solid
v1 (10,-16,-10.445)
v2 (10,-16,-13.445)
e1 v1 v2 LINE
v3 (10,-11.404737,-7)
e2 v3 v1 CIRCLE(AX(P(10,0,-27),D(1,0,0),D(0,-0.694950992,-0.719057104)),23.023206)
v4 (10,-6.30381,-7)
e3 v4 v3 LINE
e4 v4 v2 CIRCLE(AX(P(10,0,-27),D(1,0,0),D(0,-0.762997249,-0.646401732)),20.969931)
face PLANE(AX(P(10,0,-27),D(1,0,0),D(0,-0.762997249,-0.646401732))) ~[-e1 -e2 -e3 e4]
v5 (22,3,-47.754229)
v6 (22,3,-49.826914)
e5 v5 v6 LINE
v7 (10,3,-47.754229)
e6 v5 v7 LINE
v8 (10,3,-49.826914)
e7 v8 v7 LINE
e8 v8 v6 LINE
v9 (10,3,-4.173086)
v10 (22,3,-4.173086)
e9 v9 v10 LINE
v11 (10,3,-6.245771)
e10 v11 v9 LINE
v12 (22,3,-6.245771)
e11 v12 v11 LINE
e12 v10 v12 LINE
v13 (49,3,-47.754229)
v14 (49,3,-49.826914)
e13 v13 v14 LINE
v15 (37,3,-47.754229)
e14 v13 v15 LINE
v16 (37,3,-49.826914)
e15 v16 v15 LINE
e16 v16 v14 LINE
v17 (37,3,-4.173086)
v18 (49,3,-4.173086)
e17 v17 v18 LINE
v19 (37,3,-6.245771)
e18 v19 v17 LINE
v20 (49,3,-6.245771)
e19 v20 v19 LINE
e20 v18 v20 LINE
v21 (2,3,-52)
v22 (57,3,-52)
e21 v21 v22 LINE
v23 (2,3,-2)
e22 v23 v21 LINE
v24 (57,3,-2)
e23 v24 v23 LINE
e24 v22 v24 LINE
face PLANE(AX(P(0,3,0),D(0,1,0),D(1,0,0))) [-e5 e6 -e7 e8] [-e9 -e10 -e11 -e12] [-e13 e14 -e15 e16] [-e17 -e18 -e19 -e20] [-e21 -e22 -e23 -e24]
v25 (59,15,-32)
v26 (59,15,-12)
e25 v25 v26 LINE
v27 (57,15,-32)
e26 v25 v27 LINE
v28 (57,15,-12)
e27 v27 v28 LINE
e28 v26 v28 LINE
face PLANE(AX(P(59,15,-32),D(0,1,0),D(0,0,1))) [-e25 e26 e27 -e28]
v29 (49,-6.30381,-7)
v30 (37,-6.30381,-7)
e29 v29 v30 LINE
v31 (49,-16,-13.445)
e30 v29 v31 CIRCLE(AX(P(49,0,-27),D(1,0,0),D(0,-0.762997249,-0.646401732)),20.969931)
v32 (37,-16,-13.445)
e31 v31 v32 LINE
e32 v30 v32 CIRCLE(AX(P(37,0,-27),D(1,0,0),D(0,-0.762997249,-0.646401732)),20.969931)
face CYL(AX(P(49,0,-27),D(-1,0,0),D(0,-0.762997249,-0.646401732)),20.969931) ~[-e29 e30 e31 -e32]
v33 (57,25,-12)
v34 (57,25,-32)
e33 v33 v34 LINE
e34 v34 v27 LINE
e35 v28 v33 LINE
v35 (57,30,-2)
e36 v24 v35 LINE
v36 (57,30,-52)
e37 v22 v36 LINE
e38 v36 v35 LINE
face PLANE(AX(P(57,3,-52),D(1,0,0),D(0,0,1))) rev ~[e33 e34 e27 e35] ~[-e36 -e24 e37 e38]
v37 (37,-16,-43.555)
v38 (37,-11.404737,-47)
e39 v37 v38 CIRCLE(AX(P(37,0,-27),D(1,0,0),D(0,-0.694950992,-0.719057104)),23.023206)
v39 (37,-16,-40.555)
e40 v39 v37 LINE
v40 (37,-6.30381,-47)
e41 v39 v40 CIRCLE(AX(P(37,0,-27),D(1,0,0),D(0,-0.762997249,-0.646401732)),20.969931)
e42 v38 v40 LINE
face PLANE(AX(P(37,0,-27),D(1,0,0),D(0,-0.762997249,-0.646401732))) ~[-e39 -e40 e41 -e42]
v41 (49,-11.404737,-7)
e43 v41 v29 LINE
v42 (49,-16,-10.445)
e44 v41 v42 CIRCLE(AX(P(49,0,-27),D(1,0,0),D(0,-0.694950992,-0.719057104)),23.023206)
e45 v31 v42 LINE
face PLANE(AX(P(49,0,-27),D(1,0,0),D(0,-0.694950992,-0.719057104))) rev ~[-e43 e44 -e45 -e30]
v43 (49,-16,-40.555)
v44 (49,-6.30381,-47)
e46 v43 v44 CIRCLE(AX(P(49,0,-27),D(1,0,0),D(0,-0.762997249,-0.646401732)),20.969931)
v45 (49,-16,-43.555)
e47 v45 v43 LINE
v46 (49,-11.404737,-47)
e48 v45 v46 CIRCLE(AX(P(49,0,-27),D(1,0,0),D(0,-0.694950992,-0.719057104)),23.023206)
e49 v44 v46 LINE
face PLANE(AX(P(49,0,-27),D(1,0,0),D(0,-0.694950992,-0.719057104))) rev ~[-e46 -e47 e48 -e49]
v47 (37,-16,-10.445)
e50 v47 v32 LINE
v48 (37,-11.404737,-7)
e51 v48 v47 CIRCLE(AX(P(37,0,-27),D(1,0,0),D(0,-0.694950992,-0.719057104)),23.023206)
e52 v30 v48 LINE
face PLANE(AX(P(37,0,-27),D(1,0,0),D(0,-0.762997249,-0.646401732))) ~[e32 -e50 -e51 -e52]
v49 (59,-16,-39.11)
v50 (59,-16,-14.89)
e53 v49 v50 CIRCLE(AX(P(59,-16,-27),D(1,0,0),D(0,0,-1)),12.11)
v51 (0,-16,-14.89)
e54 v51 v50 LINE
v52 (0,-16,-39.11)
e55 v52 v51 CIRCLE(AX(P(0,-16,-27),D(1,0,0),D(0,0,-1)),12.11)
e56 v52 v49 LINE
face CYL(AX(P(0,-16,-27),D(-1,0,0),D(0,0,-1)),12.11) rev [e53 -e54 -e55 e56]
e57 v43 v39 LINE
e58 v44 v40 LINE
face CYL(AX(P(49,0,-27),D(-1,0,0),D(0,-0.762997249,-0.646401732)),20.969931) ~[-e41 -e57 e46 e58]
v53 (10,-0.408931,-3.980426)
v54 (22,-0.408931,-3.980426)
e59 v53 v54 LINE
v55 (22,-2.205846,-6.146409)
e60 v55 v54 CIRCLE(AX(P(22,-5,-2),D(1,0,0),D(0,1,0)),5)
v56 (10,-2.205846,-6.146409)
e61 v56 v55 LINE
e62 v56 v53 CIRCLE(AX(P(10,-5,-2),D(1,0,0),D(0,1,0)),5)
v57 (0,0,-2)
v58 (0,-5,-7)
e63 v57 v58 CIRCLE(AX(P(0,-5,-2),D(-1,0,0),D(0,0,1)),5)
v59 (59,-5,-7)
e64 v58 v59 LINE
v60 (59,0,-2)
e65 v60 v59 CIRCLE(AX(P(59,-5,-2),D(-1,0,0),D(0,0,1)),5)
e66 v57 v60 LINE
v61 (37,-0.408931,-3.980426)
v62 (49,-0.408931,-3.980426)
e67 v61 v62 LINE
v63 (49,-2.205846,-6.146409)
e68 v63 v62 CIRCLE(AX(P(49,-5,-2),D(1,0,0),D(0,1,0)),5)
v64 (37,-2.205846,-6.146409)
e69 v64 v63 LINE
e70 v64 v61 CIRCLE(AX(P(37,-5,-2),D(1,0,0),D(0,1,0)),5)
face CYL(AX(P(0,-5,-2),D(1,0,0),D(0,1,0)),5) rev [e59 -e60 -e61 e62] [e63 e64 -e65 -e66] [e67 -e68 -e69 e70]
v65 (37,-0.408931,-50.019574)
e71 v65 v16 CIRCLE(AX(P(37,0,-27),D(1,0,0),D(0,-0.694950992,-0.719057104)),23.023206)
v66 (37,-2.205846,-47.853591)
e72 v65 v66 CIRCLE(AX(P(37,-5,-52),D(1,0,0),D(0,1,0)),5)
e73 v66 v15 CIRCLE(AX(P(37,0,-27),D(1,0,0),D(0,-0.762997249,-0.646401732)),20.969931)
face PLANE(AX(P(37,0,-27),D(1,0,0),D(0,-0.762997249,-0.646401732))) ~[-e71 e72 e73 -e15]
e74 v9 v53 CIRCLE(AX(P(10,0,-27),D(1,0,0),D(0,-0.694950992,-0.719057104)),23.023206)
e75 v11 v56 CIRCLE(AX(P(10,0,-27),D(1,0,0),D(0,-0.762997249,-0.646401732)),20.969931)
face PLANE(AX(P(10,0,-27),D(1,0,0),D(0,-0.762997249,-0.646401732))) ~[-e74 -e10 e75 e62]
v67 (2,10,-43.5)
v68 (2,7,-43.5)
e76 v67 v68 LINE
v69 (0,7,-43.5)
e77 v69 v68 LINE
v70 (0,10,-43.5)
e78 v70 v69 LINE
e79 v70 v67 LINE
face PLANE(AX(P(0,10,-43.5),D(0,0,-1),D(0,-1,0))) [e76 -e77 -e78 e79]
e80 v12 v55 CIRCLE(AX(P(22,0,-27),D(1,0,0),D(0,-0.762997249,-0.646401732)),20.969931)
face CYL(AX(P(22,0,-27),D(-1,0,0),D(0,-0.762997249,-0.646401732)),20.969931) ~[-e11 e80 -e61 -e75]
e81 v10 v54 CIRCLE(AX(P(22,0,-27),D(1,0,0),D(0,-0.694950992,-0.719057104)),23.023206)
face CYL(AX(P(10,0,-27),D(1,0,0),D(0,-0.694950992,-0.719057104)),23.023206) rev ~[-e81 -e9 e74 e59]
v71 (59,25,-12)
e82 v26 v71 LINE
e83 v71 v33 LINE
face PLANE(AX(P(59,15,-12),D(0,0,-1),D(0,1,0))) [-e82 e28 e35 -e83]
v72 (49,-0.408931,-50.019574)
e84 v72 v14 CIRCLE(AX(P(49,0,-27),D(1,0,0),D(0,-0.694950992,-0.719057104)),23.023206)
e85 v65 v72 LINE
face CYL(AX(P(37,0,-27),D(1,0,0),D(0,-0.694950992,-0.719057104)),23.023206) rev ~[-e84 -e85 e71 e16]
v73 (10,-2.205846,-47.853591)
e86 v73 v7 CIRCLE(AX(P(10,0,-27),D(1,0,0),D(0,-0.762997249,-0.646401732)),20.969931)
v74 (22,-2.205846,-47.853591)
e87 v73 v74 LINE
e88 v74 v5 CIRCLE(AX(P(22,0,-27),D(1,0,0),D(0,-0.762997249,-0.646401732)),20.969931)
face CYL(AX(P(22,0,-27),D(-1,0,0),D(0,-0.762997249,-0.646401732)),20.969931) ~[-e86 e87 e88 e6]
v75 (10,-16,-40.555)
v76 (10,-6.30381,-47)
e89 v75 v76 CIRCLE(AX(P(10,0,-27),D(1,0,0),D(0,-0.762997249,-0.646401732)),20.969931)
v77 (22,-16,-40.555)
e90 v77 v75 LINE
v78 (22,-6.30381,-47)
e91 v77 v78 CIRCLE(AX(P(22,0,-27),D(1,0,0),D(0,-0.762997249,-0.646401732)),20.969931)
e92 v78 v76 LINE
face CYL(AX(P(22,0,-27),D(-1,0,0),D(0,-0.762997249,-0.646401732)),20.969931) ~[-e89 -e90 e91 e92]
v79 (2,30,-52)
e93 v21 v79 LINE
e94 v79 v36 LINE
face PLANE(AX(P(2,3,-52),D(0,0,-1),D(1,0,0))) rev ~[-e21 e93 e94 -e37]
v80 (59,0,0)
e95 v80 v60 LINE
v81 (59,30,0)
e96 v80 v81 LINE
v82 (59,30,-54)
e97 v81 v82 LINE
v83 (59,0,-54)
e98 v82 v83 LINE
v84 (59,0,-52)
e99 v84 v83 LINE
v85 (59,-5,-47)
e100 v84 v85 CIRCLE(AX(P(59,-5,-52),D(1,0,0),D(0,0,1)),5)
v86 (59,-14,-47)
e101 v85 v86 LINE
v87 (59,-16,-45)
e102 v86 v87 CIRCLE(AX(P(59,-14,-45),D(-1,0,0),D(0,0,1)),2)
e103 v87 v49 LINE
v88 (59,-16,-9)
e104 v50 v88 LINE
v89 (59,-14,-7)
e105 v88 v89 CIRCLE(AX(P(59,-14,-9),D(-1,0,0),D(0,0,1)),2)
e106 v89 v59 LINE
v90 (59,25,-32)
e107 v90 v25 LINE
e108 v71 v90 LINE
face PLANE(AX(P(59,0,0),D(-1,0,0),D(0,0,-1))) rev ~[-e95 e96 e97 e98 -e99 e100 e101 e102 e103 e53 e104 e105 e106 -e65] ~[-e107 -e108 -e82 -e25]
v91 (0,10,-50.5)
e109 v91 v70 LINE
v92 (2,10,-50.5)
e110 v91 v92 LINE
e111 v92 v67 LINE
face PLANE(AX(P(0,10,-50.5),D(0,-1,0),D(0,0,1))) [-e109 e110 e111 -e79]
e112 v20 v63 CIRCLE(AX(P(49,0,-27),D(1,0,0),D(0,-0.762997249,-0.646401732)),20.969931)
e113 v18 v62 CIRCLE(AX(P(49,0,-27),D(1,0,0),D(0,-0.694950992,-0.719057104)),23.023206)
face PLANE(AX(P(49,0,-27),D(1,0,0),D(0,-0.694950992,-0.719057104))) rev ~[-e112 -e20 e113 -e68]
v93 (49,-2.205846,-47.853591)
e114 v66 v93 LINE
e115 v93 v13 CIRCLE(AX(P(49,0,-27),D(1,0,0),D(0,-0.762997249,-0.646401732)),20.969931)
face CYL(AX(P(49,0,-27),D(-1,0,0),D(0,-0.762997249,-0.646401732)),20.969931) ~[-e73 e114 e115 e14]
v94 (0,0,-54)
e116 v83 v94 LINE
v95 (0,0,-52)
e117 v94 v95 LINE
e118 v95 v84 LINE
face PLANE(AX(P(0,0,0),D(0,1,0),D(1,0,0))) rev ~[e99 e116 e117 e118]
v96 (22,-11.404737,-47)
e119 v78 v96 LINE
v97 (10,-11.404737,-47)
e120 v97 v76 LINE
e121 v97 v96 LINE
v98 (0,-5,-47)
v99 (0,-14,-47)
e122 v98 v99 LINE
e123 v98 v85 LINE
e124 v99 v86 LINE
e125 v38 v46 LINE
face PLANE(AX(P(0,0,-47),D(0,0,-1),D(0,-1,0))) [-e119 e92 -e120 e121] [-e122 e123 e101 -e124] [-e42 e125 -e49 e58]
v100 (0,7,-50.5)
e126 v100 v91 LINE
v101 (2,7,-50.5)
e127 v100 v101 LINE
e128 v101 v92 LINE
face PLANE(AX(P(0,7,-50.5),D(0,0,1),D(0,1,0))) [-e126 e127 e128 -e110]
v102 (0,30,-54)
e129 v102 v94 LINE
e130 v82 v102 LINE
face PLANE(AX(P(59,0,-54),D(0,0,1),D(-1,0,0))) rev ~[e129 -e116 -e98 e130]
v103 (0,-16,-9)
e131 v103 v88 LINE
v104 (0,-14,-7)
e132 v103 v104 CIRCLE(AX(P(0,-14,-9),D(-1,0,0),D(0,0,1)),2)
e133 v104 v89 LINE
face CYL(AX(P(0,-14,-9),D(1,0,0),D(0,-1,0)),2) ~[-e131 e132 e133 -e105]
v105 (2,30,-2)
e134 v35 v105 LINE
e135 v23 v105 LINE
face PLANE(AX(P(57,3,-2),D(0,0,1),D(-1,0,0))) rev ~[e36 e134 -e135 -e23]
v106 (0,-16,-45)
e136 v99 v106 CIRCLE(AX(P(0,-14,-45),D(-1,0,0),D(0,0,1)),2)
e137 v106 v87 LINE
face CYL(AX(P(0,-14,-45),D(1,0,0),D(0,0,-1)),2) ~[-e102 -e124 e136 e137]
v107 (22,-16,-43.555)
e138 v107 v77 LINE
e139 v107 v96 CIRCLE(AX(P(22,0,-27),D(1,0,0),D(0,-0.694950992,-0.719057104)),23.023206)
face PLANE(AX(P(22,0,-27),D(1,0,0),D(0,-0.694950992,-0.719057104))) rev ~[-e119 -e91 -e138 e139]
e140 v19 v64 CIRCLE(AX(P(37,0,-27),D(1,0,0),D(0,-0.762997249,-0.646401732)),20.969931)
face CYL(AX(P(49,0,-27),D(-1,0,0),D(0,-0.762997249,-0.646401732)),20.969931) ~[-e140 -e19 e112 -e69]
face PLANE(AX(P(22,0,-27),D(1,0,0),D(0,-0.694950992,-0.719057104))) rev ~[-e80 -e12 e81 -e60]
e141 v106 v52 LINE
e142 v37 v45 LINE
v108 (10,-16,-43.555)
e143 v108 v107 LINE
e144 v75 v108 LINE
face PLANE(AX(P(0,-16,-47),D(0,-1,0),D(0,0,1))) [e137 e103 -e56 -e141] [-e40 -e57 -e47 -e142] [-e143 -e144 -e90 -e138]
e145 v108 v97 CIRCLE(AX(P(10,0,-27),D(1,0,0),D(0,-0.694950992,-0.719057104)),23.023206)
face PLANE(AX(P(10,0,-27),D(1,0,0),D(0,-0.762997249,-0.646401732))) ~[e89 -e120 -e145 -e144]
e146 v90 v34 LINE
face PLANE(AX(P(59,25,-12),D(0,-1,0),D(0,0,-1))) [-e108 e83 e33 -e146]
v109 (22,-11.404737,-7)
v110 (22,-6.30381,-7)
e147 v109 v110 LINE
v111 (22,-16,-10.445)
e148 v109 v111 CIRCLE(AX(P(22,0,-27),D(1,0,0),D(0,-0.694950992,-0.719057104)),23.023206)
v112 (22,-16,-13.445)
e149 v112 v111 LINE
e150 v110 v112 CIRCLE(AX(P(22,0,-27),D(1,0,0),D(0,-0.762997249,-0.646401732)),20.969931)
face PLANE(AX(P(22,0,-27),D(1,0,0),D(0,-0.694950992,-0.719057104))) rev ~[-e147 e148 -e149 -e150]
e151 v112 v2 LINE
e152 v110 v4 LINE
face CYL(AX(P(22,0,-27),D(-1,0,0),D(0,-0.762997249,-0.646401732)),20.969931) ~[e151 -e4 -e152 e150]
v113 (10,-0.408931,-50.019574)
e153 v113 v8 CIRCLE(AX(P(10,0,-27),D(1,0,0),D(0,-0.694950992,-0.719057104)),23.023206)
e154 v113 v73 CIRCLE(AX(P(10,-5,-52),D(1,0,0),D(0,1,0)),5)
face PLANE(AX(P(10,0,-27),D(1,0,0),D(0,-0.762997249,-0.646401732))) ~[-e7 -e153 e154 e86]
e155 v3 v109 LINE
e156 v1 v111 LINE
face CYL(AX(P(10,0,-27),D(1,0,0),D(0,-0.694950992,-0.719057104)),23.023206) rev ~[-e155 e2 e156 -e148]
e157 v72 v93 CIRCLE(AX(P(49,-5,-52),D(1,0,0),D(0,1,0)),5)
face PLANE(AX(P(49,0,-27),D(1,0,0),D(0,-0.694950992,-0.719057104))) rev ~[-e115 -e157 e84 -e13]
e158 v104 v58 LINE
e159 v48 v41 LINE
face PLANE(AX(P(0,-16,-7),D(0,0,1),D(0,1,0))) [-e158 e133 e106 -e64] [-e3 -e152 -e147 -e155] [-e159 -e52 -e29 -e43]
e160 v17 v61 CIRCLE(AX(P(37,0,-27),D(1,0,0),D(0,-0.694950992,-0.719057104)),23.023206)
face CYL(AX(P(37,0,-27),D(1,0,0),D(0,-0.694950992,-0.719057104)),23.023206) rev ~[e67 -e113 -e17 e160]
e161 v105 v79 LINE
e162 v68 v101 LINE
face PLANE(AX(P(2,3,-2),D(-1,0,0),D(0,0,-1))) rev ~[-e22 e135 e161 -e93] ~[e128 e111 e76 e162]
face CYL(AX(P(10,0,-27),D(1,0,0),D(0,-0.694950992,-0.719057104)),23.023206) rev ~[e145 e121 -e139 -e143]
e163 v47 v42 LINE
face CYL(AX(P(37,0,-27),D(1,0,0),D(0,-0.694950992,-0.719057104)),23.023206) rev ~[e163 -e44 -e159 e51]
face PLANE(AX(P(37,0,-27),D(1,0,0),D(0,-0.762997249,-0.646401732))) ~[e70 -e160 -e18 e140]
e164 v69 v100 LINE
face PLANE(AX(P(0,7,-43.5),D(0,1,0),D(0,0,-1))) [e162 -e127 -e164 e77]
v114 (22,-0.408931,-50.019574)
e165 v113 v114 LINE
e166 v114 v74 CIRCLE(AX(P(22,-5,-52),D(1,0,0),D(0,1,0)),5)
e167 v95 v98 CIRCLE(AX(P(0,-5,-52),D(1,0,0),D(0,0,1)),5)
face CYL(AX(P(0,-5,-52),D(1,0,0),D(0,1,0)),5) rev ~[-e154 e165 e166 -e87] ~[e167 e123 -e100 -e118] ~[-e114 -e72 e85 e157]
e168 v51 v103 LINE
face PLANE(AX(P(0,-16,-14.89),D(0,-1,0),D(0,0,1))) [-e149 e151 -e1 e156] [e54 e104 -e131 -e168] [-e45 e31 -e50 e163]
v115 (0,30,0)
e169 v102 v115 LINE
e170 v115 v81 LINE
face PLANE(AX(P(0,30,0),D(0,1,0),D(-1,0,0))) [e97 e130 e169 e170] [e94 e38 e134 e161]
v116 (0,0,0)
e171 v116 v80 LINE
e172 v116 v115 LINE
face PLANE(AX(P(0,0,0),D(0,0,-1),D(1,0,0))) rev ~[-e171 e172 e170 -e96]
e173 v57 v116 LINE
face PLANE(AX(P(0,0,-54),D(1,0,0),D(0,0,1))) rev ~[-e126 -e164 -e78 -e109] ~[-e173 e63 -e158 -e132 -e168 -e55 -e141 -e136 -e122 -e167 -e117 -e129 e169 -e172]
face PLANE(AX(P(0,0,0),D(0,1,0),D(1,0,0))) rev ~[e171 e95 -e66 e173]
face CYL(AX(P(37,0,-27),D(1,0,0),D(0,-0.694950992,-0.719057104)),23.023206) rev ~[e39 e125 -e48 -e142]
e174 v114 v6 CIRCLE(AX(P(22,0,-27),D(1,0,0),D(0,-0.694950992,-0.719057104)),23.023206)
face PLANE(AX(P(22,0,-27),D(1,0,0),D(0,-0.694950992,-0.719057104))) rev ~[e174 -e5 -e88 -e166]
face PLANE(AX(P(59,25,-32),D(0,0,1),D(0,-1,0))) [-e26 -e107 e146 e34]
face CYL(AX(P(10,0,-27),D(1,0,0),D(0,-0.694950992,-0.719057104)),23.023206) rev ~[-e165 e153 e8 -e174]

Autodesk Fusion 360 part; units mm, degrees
sketch "Sketch1" plane through (0, 0, 0) normal (0, 1, 0) x (1, 0, 0)
  line L0 (0, 0) -> (59, 0)
  line L1 (59, 0) -> (59, 54)
  line L2 (59, 54) -> (0, 54)
  line L3 (0, 54) -> (0, 0)
  dimension "d1" = 59
  dimension "d2" = 54
extrude "Extrude1" add sketch "Sketch1" along normal blind 3 makes body 1
sketch "Sketch2" plane through (0, 3, 0) normal (0, 1, 0) x (-1, 0, 0)
  line L0 (0, -54) -> (0, 0)
  line L1 (0, 0) -> (-59, 0)
  line L2 (-59, 0) -> (-59, -54)
  line L3 (-59, -54) -> (0, -54)
  line L4 (-57, -2) -> (-2, -2)
  line L5 (-2, -2) -> (-2, -52)
  line L6 (-2, -52) -> (-57, -52)
  line L7 (-57, -52) -> (-57, -2)
  line L8 (-57, -2) -> (-2, -52) construction
  line L9 (-2, -2) -> (-57, -52) construction
  point P0 (-29.5, -27)
  dimension "d5" = 55
  dimension "d6" = 50
  dimension "d15" = 27
  dimension "d16" = 29.5
extrude "Extrude2" add sketch "Sketch2" along normal blind 27 bodies 1
sketch "Sketch3" plane through (59, 0, 0) normal (1, 0, 0) x (0, 0, -1)
  line L0 (0, 0) -> (54, 0)
  line L1 (54, 0) -> (54, 30)
  line L2 (54, 30) -> (0, 30)
  line L3 (0, 30) -> (0, 0)
  line L4 (12, 25) -> (32, 25)
  line L5 (32, 25) -> (32, 15)
  line L6 (32, 15) -> (12, 15)
  line L7 (12, 15) -> (12, 25)
  dimension "d9" = 20
  dimension "d10" = 10
  dimension "d11" = 12
  dimension "d12" = 15
extrude "Extrude3" cut sketch "Sketch3" against normal blind 3 contours L4 L5 L6 L7 bodies 1
sketch "Sketch4" plane through (0, 0, 0) normal (-1, 0, 0) x (0, 0, 1)
  line L0 (-54, 0) -> (0, 0)
  line L1 (0, 0) -> (0, 30)
  line L2 (0, 30) -> (-54, 30)
  line L3 (-54, 30) -> (-54, 0)
  line L4 (-50.5, 10) -> (-43.5, 10)
  line L5 (-43.5, 10) -> (-43.5, 7)
  line L6 (-43.5, 7) -> (-50.5, 7)
  line L7 (-50.5, 7) -> (-50.5, 10)
  dimension "d17" = 7
  dimension "d18" = 3
  dimension "d19" = 7
  dimension "d20" = 3.5
extrude "Extrude4" cut sketch "Sketch4" against normal blind 4 contours L4 L5 L6 L7 bodies 1
sketch "Sketch11" plane through (0, 0, 0) normal (1, 0, 0) x (0, 0, -1)
  circle A0 centre (27, -16) radius 12.11
  line L0 (0, 0) -> (54, 0)
  line L1 (7, 0) -> (47, 0)
  line L2 (47, 0) -> (47, -16)
  line L3 (47, -16) -> (7, -16)
  line L4 (7, -16) -> (7, 0)
  line L5 (54, 0) -> (54, 30)
  dimension "d55" = 24.22
  dimension "d57" = 16
  dimension "d60" = 40
  dimension "d65" = 7
  dimension "d67" = 16
extrude "Extrude9" add sketch "Sketch11" along normal blind 59 separate body contours A0 L0 L1 L2 L3 L4 makes body 2
sketch "Sketch12" plane through (0, 0, 0) normal (0, 1, 0) x (1, 0, 0)
  line L0 (-4, 27) -> (62, 27)
  line L1 (-5, 0) -> (64, 0)
  line L2 (-3, 54) -> (63, 54)
  dimension "d64" = 27
combine "Combine1" operation add target body 2 tool bodies 1
fillet "Fillet1" radius 5 1 edges at (29.5, 0, -7) on bodies 2
fillet "Fillet2" radius 5 1 edges at (29.5, 0, -47) on bodies 2
sketch "Sketch16" plane through (0, -16, 0) normal (0, -1, 0) x (1, 0, 0)
  line L0 (0, -39.11) -> (0, -47)
  line L1 (0, -47) -> (59, -47)
  line L2 (59, -47) -> (59, -39.11)
  line L3 (59, -39.11) -> (0, -39.11)
  line L4 (22, -40.555) -> (10, -40.555)
  line L5 (10, -40.555) -> (10, -43.555)
  line L6 (10, -43.555) -> (22, -43.555)
  line L7 (22, -43.555) -> (22, -40.555)
  line L8 (22, -40.555) -> (10, -43.555) construction
  line L9 (10, -40.555) -> (22, -43.555) construction
  line L10 (37, -40.555) -> (37, -43.555)
  line L11 (49, -43.555) -> (49, -40.555)
  line L12 (37, -40.555) -> (49, -43.555) construction
  line L13 (37, -43.555) -> (49, -43.555)
  line L14 (49, -40.555) -> (37, -40.555)
  line L15 (49, -40.555) -> (37, -43.555) construction
  point P0 (16, -42.055)
  point P1 (43, -42.055)
  dimension "d72" = 12
  dimension "d73" = 3
  dimension "d74" = 4.945
  dimension "d75" = 12
  dimension "d76" = 3
  dimension "d77" = 10
  dimension "d78" = 10
  dimension "d84" = 4.945
revolve "Revolve1" cut sketch "Sketch16" angle 360 about axis through (-4, 0, -27) along (1, 0, 0) contours L4 L5 L6 L7 | L10 L11 L13 L14 bodies 2
fillet "Fillet3" radius 2 1 edges at (29.5, -16, -47) on bodies 2
fillet "Fillet4" radius 2 1 edges at (29.5, -16, -7) on bodies 2
equation "d74 = 4.5 mm + 0.445 mm"
equation "d84 = 4.5 mm + 0.445 mm"
